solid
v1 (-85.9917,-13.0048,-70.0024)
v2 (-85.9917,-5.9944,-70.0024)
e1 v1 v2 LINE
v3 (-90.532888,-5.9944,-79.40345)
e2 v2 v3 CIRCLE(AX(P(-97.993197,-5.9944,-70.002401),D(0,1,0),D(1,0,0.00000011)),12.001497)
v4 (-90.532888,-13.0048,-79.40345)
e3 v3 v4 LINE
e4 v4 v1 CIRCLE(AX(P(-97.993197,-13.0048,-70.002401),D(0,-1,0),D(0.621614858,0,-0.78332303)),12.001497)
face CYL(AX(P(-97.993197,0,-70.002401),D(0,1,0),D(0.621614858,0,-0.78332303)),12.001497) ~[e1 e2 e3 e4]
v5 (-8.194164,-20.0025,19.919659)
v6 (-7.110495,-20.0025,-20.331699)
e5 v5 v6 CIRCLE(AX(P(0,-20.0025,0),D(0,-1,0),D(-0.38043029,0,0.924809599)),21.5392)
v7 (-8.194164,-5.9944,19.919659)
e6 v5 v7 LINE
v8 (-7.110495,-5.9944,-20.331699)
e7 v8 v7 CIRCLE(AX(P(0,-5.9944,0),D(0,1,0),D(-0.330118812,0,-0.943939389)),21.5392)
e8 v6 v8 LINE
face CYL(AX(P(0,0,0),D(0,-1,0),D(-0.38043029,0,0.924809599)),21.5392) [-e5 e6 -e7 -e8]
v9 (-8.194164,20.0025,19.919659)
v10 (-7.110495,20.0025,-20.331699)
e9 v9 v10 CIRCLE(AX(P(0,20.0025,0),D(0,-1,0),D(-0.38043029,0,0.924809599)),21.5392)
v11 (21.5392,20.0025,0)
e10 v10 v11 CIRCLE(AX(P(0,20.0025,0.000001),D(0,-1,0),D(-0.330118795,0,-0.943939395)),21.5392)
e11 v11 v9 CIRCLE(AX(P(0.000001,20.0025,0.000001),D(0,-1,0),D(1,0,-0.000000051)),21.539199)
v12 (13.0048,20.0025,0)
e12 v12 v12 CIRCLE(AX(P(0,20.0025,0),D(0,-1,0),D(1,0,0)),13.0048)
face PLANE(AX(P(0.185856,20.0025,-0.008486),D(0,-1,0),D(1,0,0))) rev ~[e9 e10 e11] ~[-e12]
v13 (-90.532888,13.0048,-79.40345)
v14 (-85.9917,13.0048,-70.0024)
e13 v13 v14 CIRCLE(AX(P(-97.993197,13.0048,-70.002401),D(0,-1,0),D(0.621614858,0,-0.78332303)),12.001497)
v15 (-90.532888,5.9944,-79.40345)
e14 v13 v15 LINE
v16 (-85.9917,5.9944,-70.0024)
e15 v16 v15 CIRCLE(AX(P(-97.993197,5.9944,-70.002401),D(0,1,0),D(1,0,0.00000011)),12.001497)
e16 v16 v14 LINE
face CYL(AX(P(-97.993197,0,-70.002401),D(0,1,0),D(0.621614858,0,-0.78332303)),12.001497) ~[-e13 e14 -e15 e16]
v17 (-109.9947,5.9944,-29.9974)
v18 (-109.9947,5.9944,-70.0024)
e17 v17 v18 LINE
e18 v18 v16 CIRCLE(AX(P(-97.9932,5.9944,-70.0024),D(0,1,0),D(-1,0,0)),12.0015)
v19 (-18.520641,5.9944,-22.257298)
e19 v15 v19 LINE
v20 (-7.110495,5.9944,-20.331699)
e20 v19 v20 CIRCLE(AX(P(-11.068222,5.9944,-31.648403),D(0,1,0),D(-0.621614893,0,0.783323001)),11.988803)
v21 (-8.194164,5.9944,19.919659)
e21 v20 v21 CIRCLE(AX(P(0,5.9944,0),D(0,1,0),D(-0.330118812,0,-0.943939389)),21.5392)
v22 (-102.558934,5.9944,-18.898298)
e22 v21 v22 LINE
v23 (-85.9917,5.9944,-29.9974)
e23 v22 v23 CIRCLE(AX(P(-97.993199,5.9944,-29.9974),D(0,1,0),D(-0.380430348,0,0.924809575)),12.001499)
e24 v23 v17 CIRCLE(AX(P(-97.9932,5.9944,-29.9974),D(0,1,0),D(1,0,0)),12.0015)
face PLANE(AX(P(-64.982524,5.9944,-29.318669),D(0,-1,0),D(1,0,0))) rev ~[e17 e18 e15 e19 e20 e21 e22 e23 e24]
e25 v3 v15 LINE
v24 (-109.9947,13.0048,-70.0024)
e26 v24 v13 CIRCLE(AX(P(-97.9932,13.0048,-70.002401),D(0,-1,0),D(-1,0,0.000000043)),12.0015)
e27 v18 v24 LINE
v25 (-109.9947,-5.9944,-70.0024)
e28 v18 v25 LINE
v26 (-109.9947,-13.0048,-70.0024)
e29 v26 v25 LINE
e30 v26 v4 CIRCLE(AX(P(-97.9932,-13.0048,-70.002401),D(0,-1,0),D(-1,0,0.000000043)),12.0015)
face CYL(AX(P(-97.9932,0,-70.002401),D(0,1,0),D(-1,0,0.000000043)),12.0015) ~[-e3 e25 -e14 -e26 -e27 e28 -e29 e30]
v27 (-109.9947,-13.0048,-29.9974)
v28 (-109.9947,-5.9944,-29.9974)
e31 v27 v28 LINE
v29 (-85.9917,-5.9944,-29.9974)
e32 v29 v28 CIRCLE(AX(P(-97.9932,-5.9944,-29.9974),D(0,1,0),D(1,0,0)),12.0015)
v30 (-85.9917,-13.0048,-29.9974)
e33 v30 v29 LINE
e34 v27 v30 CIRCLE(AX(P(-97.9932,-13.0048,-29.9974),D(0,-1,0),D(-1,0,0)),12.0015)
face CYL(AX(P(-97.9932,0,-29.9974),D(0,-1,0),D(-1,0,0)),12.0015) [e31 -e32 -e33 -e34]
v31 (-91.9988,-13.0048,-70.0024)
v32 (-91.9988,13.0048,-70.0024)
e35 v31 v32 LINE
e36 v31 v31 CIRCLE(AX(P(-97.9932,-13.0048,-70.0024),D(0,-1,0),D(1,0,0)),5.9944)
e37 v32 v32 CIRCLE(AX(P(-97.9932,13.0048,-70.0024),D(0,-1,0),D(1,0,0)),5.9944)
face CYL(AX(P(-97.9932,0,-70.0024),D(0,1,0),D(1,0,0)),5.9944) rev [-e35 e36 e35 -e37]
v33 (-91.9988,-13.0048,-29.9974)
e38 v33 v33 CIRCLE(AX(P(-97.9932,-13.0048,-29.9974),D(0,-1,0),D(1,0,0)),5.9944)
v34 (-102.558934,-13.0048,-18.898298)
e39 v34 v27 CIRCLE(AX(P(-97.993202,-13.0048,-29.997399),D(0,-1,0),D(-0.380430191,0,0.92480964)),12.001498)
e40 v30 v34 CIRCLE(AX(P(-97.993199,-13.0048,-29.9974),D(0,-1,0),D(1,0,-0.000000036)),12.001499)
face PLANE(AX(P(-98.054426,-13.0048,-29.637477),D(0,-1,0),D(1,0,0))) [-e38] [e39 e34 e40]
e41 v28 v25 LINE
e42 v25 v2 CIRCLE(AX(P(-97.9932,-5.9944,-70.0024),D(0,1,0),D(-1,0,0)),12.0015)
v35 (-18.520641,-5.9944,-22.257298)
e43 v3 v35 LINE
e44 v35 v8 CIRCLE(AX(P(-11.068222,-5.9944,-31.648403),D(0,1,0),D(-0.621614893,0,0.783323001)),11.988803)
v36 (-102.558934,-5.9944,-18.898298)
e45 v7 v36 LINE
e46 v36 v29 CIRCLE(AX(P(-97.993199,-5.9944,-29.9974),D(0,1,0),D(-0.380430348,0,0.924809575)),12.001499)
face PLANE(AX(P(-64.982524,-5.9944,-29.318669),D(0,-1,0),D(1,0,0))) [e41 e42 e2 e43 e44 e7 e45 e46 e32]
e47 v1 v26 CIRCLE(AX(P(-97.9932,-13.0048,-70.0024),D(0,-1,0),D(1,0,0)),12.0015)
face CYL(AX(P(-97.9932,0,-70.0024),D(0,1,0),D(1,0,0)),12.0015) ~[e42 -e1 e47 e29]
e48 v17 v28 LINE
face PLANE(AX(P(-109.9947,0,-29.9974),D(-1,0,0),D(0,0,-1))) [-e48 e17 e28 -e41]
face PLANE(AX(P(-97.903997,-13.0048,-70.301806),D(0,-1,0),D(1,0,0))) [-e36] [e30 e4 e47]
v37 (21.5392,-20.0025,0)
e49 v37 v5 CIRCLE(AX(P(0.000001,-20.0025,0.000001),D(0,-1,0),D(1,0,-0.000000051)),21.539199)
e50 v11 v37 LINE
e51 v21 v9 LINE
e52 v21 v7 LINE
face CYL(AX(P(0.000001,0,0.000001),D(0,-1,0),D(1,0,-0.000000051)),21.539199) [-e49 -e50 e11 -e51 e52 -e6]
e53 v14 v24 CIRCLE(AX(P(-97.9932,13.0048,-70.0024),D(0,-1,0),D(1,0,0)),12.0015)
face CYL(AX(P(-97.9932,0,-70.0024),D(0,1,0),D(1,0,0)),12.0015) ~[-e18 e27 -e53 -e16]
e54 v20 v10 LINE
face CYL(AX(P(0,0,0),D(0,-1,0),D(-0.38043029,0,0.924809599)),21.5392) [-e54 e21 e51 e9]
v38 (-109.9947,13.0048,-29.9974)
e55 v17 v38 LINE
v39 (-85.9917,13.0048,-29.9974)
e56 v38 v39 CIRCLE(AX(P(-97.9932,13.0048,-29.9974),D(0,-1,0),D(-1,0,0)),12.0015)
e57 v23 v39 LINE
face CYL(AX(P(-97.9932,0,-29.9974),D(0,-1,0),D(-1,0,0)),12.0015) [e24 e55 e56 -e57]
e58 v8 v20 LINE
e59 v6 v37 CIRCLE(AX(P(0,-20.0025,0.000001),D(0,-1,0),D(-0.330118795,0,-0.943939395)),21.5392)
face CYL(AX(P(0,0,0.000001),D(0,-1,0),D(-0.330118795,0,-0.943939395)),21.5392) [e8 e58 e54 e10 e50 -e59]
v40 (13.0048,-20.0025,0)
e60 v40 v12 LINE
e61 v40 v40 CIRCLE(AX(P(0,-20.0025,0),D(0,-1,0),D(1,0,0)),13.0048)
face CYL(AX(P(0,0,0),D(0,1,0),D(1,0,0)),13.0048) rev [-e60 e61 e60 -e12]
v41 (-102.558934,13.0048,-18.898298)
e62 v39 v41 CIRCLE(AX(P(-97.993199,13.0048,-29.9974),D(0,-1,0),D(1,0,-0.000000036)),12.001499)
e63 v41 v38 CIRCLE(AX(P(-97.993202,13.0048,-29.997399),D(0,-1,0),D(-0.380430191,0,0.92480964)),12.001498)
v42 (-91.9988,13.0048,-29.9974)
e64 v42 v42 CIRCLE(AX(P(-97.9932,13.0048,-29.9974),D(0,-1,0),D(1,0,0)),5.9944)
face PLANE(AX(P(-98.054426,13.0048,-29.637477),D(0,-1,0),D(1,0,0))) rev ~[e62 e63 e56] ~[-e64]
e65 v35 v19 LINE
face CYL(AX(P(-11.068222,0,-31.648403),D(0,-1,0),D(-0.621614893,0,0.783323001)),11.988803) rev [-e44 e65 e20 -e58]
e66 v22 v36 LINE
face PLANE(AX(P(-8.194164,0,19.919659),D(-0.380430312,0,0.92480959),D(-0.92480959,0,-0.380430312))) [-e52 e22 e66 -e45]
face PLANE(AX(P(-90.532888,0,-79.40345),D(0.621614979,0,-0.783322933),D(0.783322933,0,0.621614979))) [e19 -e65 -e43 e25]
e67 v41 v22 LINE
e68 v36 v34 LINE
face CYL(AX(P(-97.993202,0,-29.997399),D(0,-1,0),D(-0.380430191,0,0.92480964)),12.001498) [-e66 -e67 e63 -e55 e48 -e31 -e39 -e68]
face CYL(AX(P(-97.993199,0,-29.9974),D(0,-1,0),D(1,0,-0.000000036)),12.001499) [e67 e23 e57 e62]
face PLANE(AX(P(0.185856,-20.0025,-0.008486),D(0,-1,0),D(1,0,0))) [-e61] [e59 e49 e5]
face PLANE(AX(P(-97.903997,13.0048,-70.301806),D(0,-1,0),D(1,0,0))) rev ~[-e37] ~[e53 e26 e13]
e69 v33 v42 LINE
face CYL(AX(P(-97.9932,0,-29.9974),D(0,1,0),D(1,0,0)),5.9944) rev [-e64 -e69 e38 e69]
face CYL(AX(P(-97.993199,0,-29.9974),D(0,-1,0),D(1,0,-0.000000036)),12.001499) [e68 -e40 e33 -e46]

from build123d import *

# Parameters (mm, degrees)
F0_R     = 13.0048
F1_DEPTH = 20.0025
F2_DEPTH = 5.9944
F0_R_2   = 5.9944
F3_DEPTH = 13.0048


with BuildPart() as f1:
    # F0 (on Front) → F1 (new body, symmetric)
    with BuildSketch(Plane.XZ):
        with BuildLine():
            ThreePointArc((-7.110495, -20.331699), (12.465608, -17.56547), (21.5392, 0))
            ThreePointArc((21.5392, 0), (11.988357, 17.894593), (-8.194164, 19.919659))
            ThreePointArc((-8.194164, 19.919659), (-21.531398, -0.57968), (-7.110495, -20.331699))
        make_face()
        Circle(F0_R, mode=Mode.SUBTRACT)
    extrude(amount=F1_DEPTH, both=True)

    # F0 (on Front) → F2 (join, symmetric)
    with BuildSketch(Plane.XZ):
        with BuildLine():
            ThreePointArc((-7.110495, -20.331699), (-21.531398, -0.57968), (-8.194164, 19.919659))
            Line((-8.194164, 19.919659), (-102.558934, -18.898298))
            ThreePointArc((-102.558934, -18.898298), (-91.313367, -20.026651), (-85.9917, -29.9974))
            ThreePointArc((-85.9917, -29.9974), (-97.9932, -41.9989), (-109.9947, -29.9974))
            Line((-109.9947, -29.9974), (-109.9947, -70.0024))
            ThreePointArc((-109.9947, -70.0024), (-97.9932, -58.0009), (-85.9917, -70.0024))
            ThreePointArc((-85.9917, -70.0024), (-87.186467, -75.222604), (-90.532888, -79.40345))
            Line((-90.532888, -79.40345), (-18.520641, -22.257298))
            ThreePointArc((-18.520641, -22.257298), (-13.063266, -19.826762), (-7.110495, -20.331699))
        make_face()
    extrude(amount=F2_DEPTH, both=True)

    # F0 (on Front) → F3 (join, symmetric)
    with BuildSketch(Plane.XZ):
        with BuildLine():
            ThreePointArc((-109.9947, -70.0024), (-103.213404, -80.809133), (-90.532888, -79.40345))
            ThreePointArc((-90.532888, -79.40345), (-87.186467, -75.222604), (-85.9917, -70.0024))
            ThreePointArc((-85.9917, -70.0024), (-97.9932, -58.0009), (-109.9947, -70.0024))
        make_face()
        with Locations((-97.9932, -70.0024)):
            Circle(F0_R_2, mode=Mode.SUBTRACT)
        with BuildLine():
            ThreePointArc((-85.9917, -29.9974), (-91.313367, -20.026651), (-102.558934, -18.898298))
            ThreePointArc((-102.558934, -18.898298), (-107.963949, -23.317567), (-109.9947, -29.9974))
            ThreePointArc((-109.9947, -29.9974), (-97.9932, -41.9989), (-85.9917, -29.9974))
        make_face()
        with Locations((-97.9932, -29.9974)):
            Circle(F0_R_2, mode=Mode.SUBTRACT)
    extrude(amount=F3_DEPTH, both=True)


solid = f1.part
